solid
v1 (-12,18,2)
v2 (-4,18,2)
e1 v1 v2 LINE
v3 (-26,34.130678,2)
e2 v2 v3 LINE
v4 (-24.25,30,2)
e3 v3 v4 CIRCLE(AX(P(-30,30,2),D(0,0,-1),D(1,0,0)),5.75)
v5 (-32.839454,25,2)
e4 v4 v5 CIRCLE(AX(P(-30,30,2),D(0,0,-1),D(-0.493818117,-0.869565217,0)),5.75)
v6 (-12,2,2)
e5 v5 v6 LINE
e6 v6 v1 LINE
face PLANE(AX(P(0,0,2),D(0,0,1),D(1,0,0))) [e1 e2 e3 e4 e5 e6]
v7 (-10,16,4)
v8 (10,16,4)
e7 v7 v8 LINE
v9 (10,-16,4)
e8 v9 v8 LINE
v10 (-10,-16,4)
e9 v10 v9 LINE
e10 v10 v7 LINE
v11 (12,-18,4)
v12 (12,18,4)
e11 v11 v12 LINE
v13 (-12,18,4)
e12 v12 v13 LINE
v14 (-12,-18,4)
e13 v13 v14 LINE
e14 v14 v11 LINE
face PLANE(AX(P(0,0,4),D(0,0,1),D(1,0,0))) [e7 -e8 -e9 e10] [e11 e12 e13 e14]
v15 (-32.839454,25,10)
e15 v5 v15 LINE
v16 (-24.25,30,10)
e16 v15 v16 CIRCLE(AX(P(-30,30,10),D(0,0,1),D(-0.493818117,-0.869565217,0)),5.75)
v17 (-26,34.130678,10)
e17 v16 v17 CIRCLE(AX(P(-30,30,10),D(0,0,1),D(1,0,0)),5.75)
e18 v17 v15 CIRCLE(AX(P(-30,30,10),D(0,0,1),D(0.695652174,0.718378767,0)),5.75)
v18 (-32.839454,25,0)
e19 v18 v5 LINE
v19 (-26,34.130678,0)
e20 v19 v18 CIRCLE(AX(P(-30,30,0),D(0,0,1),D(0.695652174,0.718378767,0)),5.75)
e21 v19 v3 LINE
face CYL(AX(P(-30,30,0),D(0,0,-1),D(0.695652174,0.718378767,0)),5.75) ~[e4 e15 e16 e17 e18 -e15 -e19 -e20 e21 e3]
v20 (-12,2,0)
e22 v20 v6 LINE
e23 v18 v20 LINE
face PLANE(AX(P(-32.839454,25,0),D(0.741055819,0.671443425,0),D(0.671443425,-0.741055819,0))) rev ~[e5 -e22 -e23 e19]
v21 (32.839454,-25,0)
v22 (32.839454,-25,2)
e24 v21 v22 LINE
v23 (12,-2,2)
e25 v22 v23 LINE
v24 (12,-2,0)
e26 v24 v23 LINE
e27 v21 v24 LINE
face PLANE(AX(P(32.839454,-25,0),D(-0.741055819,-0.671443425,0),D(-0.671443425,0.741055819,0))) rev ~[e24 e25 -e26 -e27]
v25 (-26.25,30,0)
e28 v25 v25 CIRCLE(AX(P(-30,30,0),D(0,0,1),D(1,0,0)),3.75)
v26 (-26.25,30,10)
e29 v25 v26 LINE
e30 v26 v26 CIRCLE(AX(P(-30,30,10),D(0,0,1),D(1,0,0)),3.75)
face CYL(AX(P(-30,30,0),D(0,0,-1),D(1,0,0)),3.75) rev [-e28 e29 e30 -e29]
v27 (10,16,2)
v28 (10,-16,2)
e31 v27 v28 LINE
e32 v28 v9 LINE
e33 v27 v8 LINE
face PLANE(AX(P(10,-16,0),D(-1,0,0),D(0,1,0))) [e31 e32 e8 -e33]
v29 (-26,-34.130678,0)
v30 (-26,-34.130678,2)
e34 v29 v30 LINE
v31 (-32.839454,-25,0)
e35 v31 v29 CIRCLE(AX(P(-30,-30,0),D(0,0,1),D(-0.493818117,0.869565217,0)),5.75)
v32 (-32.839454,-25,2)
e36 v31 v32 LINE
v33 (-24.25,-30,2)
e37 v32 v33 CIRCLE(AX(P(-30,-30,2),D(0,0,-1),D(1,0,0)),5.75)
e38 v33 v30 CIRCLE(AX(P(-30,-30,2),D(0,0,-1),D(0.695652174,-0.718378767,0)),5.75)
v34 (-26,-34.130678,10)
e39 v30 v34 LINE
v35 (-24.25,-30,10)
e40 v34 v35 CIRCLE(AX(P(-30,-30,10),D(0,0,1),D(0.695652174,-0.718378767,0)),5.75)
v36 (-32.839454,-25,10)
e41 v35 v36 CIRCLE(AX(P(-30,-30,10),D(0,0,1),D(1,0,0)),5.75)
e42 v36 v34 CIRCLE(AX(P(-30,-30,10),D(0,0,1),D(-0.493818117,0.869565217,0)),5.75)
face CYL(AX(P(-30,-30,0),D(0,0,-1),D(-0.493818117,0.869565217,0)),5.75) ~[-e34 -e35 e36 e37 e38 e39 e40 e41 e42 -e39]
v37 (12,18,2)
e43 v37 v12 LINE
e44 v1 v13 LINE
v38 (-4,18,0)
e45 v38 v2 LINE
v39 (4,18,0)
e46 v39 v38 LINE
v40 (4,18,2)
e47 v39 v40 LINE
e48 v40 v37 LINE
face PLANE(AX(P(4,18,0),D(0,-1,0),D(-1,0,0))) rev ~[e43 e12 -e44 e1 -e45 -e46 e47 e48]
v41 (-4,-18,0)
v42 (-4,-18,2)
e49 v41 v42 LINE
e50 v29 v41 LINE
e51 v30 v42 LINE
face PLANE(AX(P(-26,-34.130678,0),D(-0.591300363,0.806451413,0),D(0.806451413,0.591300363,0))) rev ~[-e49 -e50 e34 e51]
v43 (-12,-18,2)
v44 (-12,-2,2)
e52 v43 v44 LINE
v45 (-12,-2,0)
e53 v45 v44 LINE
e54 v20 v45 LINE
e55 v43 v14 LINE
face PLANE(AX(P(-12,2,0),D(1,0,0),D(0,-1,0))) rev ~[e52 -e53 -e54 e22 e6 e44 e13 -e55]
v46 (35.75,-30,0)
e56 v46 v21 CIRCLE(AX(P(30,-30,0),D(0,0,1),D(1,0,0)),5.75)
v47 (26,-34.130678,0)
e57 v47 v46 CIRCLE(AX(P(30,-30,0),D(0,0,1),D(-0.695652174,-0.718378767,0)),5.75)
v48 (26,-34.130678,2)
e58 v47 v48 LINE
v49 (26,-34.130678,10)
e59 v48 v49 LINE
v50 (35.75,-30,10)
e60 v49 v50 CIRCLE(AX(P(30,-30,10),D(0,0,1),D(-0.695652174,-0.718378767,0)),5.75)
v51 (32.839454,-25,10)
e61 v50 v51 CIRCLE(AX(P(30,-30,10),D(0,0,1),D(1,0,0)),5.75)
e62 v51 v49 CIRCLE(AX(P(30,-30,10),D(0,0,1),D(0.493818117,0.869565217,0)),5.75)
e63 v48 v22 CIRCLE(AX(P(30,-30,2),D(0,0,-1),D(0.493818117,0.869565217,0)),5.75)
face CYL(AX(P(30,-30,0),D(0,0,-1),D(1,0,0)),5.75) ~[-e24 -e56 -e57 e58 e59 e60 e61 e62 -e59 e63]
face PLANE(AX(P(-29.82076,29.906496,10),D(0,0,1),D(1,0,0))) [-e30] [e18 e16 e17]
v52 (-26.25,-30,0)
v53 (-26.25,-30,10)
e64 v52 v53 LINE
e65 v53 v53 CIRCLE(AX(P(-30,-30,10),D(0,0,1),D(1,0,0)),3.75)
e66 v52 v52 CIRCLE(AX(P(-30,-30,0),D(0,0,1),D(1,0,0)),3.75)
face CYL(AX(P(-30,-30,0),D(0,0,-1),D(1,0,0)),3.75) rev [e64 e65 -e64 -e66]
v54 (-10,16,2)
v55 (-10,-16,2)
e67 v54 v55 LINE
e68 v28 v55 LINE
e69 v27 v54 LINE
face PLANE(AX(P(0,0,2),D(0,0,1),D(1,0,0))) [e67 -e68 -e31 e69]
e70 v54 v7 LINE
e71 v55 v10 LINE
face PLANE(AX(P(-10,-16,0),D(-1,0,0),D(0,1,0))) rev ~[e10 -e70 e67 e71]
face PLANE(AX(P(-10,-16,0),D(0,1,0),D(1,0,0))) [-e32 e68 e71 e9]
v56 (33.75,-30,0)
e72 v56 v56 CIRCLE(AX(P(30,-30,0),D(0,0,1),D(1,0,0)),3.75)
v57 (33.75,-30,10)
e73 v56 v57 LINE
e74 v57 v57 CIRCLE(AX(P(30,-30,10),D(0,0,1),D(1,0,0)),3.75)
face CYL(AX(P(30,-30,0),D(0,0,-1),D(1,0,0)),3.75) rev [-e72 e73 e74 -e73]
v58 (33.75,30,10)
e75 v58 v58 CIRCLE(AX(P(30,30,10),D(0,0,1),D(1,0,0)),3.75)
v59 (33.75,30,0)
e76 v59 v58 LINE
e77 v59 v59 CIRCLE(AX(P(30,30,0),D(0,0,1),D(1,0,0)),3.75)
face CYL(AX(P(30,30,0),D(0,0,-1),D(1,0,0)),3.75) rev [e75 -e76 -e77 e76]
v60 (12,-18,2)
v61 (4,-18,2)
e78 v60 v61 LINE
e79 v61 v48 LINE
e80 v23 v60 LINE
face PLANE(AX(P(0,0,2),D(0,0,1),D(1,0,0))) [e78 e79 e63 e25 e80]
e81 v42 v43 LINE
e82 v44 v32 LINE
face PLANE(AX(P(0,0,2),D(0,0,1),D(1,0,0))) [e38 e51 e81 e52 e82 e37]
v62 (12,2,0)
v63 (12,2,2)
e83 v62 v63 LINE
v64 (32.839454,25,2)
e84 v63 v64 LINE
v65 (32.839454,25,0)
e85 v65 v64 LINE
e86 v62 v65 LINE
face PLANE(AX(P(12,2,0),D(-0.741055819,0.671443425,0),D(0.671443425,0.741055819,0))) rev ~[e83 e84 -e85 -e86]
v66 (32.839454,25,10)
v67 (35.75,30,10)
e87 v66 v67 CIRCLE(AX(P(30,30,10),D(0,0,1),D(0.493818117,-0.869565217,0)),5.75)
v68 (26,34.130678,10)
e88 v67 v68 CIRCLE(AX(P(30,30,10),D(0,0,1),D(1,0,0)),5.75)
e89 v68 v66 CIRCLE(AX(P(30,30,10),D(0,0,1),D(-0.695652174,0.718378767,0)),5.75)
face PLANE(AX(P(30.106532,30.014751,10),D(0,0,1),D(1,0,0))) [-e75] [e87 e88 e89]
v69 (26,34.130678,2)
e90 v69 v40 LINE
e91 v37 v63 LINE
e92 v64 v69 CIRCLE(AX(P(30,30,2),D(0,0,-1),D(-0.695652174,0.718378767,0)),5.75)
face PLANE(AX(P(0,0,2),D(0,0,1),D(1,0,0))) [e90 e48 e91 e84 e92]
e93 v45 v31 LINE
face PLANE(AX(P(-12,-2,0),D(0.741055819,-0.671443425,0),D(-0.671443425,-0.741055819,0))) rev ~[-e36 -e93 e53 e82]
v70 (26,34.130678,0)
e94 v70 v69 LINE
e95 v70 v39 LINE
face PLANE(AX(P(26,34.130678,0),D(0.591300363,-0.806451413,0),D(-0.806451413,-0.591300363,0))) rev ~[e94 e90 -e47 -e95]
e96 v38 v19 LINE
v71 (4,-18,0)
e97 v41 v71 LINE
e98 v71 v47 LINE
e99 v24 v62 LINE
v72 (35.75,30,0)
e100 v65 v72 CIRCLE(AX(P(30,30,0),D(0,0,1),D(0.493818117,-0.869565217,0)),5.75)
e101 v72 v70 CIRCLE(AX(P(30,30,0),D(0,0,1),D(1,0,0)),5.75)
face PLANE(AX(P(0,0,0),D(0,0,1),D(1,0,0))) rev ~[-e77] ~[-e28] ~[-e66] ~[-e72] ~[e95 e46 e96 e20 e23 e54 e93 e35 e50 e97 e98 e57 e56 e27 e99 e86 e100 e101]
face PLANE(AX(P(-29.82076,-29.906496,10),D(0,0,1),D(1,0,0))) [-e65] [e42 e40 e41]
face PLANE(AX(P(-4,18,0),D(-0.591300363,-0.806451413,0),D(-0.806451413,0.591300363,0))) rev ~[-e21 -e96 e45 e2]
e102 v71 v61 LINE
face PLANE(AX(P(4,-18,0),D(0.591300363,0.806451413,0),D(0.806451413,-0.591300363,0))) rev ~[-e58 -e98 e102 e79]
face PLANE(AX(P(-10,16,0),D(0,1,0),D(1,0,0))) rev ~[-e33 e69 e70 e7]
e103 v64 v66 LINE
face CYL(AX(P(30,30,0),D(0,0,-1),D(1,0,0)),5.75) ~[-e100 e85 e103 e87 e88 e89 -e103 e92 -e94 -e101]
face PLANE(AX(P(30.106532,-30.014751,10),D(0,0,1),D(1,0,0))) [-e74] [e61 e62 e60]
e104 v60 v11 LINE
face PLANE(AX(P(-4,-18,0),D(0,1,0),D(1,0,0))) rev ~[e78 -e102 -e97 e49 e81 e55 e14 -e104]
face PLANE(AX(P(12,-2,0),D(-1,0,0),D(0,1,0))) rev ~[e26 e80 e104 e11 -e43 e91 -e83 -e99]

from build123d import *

# Parameters (mm, degrees)
F0_W     = 20
F0_H     = 32
F0_R     = 3.75
F1_DEPTH = 2
F2_DEPTH = 10
F3_DEPTH = 4


with BuildPart() as f1:
    # F0 (on Top) → F1 (new body)
    with BuildSketch(Plane.XY):
        Polygon((4, 18), (-4, 18), (-12, 18), (-12, 2), (-12, -2), (-12, -18), (-4, -18), (4, -18), (12, -18), (12, -2), (12, 2), (12, 18), align=None)
        Rectangle(F0_W, F0_H, mode=Mode.SUBTRACT)
        Rectangle(F0_W, F0_H)
        with BuildLine():
            Line((32.8394541729, -25), (12, -2))
            Line((12, -2), (12, -18))
            Line((12, -18), (4, -18))
            Line((4, -18), (26, -34.1306779105))
            ThreePointArc((26, -34.1306779105), (25.397931288, -26.552760007), (32.8394541729, -25))
        make_face()
        with BuildLine():
            Line((-12, -18), (-12, -2))
            Line((-12, -2), (-32.8394541729, -25))
            ThreePointArc((-32.8394541729, -25), (-27.1072816845, -25.0306257188), (-24.25, -30))
            ThreePointArc((-24.25, -30), (-24.7055453539, -32.2430448056), (-26, -34.1306779105))
            Line((-26, -34.1306779105), (-4, -18))
            Line((-4, -18), (-12, -18))
        make_face()
        with BuildLine():
            Line((26, 34.1306779105), (4, 18))
            Line((4, 18), (12, 18))
            Line((12, 18), (12, 2))
            Line((12, 2), (32.8394541729, 25))
            ThreePointArc((32.8394541729, 25), (25.397931288, 26.552760007), (26, 34.1306779105))
        make_face()
        with BuildLine():
            ThreePointArc((-26, 34.1306779105), (-24.7055453539, 32.2430448056), (-24.25, 30))
            ThreePointArc((-24.25, 30), (-27.1072816845, 25.0306257188), (-32.8394541729, 25))
            Line((-32.8394541729, 25), (-12, 2))
            Line((-12, 2), (-12, 18))
            Line((-12, 18), (-4, 18))
            Line((-4, 18), (-26, 34.1306779105))
        make_face()
        with BuildLine():
            ThreePointArc((35.75, -30), (34.9693742812, -27.1072816845), (32.8394541729, -25))
            ThreePointArc((32.8394541729, -25), (25.397931288, -26.552760007), (26, -34.1306779105))
            ThreePointArc((26, -34.1306779105), (32.2430448056, -35.2944546461), (35.75, -30))
        make_face()
        with Locations((30, -30)):
            Circle(F0_R, mode=Mode.SUBTRACT)
        with BuildLine():
            ThreePointArc((35.75, 30), (32.2430448056, 35.2944546461), (26, 34.1306779105))
            ThreePointArc((26, 34.1306779105), (25.397931288, 26.552760007), (32.8394541729, 25))
            ThreePointArc((32.8394541729, 25), (34.9693742812, 27.1072816845), (35.75, 30))
        make_face()
        with Locations((30, 30)):
            Circle(F0_R, mode=Mode.SUBTRACT)
        with BuildLine():
            ThreePointArc((-32.8394541729, 25), (-27.1072816845, 25.0306257188), (-24.25, 30))
            ThreePointArc((-24.25, 30), (-24.7055453539, 32.2430448056), (-26, 34.1306779105))
            ThreePointArc((-26, 34.1306779105), (-34.602068712, 33.447239993), (-32.8394541729, 25))
        make_face()
        with Locations((-30, 30)):
            Circle(F0_R, mode=Mode.SUBTRACT)
        with BuildLine():
            ThreePointArc((-24.25, -30), (-27.1072816845, -25.0306257188), (-32.8394541729, -25))
            ThreePointArc((-32.8394541729, -25), (-34.602068712, -33.447239993), (-26, -34.1306779105))
            ThreePointArc((-26, -34.1306779105), (-24.7055453539, -32.2430448056), (-24.25, -30))
        make_face()
        with Locations((-30, -30)):
            Circle(F0_R, mode=Mode.SUBTRACT)
    extrude(amount=F1_DEPTH)

    # F0 (on Top) → F2 (join)
    with BuildSketch(Plane.XY):
        with BuildLine():
            ThreePointArc((-32.8394541729, 25), (-27.1072816845, 25.0306257188), (-24.25, 30))
            ThreePointArc((-24.25, 30), (-24.7055453539, 32.2430448056), (-26, 34.1306779105))
            ThreePointArc((-26, 34.1306779105), (-34.602068712, 33.447239993), (-32.8394541729, 25))
        make_face()
        with Locations((-30, 30)):
            Circle(F0_R, mode=Mode.SUBTRACT)
        with BuildLine():
            ThreePointArc((35.75, -30), (34.9693742812, -27.1072816845), (32.8394541729, -25))
            ThreePointArc((32.8394541729, -25), (25.397931288, -26.552760007), (26, -34.1306779105))
            ThreePointArc((26, -34.1306779105), (32.2430448056, -35.2944546461), (35.75, -30))
        make_face()
        with Locations((30, -30)):
            Circle(F0_R, mode=Mode.SUBTRACT)
        with BuildLine():
            ThreePointArc((-24.25, -30), (-27.1072816845, -25.0306257188), (-32.8394541729, -25))
            ThreePointArc((-32.8394541729, -25), (-34.602068712, -33.447239993), (-26, -34.1306779105))
            ThreePointArc((-26, -34.1306779105), (-24.7055453539, -32.2430448056), (-24.25, -30))
        make_face()
        with Locations((-30, -30)):
            Circle(F0_R, mode=Mode.SUBTRACT)
        with BuildLine():
            ThreePointArc((35.75, 30), (32.2430448056, 35.2944546461), (26, 34.1306779105))
            ThreePointArc((26, 34.1306779105), (25.397931288, 26.552760007), (32.8394541729, 25))
            ThreePointArc((32.8394541729, 25), (34.9693742812, 27.1072816845), (35.75, 30))
        make_face()
        with Locations((30, 30)):
            Circle(F0_R, mode=Mode.SUBTRACT)
    extrude(amount=F2_DEPTH)

    # F0 (on Top) → F3 (join)
    with BuildSketch(Plane.XY):
        Polygon((4, 18), (-4, 18), (-12, 18), (-12, 2), (-12, -2), (-12, -18), (-4, -18), (4, -18), (12, -18), (12, -2), (12, 2), (12, 18), align=None)
        Rectangle(F0_W, F0_H, mode=Mode.SUBTRACT)
    extrude(amount=F3_DEPTH)


solid = f1.part
